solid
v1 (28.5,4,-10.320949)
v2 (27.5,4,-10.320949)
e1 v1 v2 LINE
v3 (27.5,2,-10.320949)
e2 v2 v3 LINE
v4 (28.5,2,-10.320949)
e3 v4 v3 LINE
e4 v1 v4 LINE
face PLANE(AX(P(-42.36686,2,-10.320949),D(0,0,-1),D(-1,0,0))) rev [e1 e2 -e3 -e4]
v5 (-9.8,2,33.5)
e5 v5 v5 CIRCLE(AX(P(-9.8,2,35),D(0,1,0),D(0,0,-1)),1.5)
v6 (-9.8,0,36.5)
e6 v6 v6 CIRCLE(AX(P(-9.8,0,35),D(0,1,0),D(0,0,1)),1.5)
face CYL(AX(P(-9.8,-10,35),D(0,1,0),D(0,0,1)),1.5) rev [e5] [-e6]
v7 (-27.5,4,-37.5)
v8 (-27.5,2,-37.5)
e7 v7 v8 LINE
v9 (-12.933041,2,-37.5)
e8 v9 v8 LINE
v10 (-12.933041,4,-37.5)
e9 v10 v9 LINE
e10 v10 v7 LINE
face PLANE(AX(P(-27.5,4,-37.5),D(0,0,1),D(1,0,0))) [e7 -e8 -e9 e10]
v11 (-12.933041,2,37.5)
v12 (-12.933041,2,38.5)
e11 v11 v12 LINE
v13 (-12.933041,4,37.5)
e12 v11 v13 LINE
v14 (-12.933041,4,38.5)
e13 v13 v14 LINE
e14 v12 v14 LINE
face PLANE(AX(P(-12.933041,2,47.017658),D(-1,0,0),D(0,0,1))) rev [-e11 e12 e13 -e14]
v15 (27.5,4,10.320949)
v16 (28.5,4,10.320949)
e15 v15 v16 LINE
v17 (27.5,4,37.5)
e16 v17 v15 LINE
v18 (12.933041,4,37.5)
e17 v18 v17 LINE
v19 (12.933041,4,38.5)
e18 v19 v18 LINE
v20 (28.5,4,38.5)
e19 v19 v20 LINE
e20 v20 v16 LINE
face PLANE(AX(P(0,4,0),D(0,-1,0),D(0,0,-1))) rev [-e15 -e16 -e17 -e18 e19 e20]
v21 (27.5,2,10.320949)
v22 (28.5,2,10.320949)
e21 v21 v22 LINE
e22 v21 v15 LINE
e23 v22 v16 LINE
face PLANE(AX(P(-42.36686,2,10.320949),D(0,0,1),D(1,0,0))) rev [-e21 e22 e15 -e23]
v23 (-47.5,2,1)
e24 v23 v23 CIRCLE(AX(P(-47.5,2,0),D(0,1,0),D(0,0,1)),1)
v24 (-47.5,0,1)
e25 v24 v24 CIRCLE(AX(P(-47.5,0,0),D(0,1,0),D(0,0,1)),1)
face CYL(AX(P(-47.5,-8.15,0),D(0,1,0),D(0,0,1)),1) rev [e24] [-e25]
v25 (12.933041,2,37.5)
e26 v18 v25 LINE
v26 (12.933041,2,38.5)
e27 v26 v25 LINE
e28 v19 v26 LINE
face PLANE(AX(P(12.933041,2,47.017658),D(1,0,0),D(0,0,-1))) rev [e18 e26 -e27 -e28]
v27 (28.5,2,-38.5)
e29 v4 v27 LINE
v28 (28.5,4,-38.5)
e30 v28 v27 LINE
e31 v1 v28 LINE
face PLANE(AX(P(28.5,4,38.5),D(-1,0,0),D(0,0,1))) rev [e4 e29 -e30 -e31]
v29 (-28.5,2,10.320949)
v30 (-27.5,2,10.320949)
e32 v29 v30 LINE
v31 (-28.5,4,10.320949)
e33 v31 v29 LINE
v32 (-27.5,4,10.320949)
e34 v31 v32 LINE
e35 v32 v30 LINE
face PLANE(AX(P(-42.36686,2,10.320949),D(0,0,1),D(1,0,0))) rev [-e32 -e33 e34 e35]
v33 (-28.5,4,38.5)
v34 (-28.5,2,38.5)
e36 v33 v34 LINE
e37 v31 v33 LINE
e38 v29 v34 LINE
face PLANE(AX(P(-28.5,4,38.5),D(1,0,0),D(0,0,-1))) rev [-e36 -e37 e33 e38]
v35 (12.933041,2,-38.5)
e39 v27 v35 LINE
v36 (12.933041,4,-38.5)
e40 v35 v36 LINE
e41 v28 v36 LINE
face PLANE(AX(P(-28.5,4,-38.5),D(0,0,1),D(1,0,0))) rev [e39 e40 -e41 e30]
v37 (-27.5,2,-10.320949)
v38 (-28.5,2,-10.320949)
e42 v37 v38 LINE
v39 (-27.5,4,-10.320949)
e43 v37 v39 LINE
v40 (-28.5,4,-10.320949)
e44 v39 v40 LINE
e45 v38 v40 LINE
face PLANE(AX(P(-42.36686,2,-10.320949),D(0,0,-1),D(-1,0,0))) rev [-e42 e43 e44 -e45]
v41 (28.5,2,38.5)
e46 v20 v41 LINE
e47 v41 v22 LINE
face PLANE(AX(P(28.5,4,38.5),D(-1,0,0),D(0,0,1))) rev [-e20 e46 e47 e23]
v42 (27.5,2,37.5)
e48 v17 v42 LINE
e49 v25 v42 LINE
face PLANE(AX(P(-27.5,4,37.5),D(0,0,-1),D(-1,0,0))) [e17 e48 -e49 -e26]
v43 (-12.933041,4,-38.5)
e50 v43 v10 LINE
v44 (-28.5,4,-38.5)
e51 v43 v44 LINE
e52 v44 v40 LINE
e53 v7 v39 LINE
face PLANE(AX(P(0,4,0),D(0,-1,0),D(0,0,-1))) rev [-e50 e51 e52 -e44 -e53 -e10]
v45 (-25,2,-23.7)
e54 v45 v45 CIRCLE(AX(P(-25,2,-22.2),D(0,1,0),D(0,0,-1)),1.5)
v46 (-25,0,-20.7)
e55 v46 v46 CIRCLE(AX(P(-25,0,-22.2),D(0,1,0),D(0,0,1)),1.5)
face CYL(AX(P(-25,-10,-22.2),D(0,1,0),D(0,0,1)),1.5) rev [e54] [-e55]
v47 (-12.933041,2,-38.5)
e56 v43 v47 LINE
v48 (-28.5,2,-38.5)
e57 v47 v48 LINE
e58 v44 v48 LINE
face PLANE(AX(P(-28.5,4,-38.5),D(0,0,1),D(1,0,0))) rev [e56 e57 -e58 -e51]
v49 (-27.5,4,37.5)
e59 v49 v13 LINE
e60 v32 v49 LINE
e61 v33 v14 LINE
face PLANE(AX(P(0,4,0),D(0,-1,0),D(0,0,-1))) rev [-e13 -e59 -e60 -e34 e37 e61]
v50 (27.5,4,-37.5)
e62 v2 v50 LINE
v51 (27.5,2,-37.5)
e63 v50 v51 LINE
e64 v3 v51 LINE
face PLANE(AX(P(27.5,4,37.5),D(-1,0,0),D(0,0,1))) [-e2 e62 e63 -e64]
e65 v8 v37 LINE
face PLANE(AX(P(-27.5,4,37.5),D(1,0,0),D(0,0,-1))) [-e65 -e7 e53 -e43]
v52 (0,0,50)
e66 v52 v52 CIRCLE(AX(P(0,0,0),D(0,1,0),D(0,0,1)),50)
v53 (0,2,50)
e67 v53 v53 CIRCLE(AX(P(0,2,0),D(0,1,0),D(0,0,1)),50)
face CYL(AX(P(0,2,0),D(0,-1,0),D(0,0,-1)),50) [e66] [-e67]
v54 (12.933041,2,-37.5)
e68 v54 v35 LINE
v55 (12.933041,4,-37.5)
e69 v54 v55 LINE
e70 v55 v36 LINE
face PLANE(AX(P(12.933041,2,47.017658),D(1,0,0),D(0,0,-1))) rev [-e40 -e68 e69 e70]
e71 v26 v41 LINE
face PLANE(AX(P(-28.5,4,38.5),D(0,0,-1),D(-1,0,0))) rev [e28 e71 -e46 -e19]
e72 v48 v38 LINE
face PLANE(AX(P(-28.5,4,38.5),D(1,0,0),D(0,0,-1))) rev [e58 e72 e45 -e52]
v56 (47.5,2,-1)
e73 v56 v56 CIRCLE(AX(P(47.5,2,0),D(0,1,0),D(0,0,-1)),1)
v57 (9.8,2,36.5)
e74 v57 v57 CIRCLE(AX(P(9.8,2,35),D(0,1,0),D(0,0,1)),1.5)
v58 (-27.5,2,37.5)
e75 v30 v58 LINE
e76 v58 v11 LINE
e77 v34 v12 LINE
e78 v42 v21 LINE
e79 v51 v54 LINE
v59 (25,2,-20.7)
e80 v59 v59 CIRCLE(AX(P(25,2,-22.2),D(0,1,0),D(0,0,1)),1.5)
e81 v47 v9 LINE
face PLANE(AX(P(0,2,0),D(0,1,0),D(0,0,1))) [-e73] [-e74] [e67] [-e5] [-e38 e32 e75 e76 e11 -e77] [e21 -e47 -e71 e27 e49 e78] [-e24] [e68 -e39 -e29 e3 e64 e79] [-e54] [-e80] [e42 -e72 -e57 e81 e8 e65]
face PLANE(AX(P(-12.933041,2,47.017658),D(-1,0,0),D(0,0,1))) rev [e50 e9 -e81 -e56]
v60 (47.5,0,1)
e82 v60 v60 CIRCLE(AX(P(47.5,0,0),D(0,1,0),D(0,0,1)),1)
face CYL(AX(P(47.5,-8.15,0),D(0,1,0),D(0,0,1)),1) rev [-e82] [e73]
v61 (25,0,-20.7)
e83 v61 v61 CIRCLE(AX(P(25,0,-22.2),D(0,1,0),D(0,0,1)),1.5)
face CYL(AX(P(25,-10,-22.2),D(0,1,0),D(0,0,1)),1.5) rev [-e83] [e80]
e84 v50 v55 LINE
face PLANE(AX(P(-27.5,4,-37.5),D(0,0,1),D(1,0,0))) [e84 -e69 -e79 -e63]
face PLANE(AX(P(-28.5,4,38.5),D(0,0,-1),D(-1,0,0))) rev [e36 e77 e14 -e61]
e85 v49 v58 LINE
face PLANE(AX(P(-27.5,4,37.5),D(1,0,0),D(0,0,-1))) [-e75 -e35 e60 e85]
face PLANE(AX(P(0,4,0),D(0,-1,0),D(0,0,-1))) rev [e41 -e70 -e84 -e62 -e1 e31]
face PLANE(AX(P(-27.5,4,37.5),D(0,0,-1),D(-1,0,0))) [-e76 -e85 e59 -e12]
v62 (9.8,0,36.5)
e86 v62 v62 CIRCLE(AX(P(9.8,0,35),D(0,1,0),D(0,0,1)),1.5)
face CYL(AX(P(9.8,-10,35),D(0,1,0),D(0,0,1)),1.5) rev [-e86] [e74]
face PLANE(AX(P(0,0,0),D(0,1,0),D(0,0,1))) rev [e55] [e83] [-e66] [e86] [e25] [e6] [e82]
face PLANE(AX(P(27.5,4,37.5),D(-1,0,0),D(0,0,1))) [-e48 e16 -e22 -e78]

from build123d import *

# Parameters (mm, degrees)
SKETCH1_R           = 50
BOSS_EXTRUDE3_DEPTH = 2
SKETCH3_W           = 57
SKETCH3_H           = 77
SKETCH3_W_2         = 55
SKETCH3_H_2         = 75
BOSS_EXTRUDE4_DEPTH = 2
SKETCH4_W           = 84.733719196
SKETCH4_H           = 20.64189851
CUT_EXTRUDE1_DEPTH  = 2
SKETCH5_W           = 25.866082702
SKETCH5_H           = 94.035315438
CUT_EXTRUDE2_DEPTH  = 2
SKETCH6_R           = 1.5
CUT_EXTRUDE3_DEPTH  = 12
SKETCH7_R           = 1
CUT_EXTRUDE4_DEPTH  = 10.15


with BuildPart() as part:
    # Sketch1 → Boss-Extrude3 (new body)
    with BuildSketch(Plane(origin=(0, 0, 0), x_dir=(1, 0, 0), z_dir=(0, 1, 0))):
        with Locations(Location((0, 0, 0), (0, 0, 270))):
            Circle(SKETCH1_R)
    extrude(amount=BOSS_EXTRUDE3_DEPTH)

    # Sketch3 → Boss-Extrude4 (add)
    with BuildSketch(Plane(origin=(0, 2, 0), x_dir=(1, 0, 0), z_dir=(0, 1, 0))):
        Rectangle(SKETCH3_W, SKETCH3_H)
        Rectangle(SKETCH3_W_2, SKETCH3_H_2, mode=Mode.SUBTRACT)
    extrude(amount=BOSS_EXTRUDE4_DEPTH)

    # Sketch4 → Cut-Extrude1 (cut)
    with BuildSketch(Plane(origin=(0, 4, 0), x_dir=(1, 0, 0), z_dir=(0, 1, 0))):
        Rectangle(SKETCH4_W, SKETCH4_H)
    extrude(amount=-CUT_EXTRUDE1_DEPTH, mode=Mode.SUBTRACT)

    # Sketch5 → Cut-Extrude2 (cut)
    with BuildSketch(Plane(origin=(0, 4, 0), x_dir=(1, 0, 0), z_dir=(0, 1, 0))):
        Rectangle(SKETCH5_W, SKETCH5_H)
    extrude(amount=-CUT_EXTRUDE2_DEPTH, mode=Mode.SUBTRACT)

    # Sketch6 → Cut-Extrude3 (cut)
    with BuildSketch(Plane(origin=(0, 2, 0), x_dir=(1, 0, 0), z_dir=(0, 1, 0))):
        with Locations(Location((25, 22.2, 0), (0, 0, 270))):
            Circle(SKETCH6_R)
        with Locations(Location((-25, 22.2, 0), (0, 0, 270))):
            Circle(SKETCH6_R)
        with Locations(Location((9.8, -35, 0), (0, 0, 270))):
            Circle(SKETCH6_R)
        with Locations(Location((-9.8, -35, 0), (0, 0, 270))):
            Circle(SKETCH6_R)
    extrude(amount=-CUT_EXTRUDE3_DEPTH, mode=Mode.SUBTRACT)

    # Sketch7 → Cut-Extrude4 (cut)
    with BuildSketch(Plane(origin=(0, 2, 0), x_dir=(1, 0, 0), z_dir=(0, 1, 0))):
        with Locations(Location((-47.5, 0, 0), (0, 0, 270))):
            Circle(SKETCH7_R)
        with Locations(Location((47.5, 0, 0), (0, 0, 270))):
            Circle(SKETCH7_R)
    extrude(amount=-CUT_EXTRUDE4_DEPTH, mode=Mode.SUBTRACT)


solid = part.part
